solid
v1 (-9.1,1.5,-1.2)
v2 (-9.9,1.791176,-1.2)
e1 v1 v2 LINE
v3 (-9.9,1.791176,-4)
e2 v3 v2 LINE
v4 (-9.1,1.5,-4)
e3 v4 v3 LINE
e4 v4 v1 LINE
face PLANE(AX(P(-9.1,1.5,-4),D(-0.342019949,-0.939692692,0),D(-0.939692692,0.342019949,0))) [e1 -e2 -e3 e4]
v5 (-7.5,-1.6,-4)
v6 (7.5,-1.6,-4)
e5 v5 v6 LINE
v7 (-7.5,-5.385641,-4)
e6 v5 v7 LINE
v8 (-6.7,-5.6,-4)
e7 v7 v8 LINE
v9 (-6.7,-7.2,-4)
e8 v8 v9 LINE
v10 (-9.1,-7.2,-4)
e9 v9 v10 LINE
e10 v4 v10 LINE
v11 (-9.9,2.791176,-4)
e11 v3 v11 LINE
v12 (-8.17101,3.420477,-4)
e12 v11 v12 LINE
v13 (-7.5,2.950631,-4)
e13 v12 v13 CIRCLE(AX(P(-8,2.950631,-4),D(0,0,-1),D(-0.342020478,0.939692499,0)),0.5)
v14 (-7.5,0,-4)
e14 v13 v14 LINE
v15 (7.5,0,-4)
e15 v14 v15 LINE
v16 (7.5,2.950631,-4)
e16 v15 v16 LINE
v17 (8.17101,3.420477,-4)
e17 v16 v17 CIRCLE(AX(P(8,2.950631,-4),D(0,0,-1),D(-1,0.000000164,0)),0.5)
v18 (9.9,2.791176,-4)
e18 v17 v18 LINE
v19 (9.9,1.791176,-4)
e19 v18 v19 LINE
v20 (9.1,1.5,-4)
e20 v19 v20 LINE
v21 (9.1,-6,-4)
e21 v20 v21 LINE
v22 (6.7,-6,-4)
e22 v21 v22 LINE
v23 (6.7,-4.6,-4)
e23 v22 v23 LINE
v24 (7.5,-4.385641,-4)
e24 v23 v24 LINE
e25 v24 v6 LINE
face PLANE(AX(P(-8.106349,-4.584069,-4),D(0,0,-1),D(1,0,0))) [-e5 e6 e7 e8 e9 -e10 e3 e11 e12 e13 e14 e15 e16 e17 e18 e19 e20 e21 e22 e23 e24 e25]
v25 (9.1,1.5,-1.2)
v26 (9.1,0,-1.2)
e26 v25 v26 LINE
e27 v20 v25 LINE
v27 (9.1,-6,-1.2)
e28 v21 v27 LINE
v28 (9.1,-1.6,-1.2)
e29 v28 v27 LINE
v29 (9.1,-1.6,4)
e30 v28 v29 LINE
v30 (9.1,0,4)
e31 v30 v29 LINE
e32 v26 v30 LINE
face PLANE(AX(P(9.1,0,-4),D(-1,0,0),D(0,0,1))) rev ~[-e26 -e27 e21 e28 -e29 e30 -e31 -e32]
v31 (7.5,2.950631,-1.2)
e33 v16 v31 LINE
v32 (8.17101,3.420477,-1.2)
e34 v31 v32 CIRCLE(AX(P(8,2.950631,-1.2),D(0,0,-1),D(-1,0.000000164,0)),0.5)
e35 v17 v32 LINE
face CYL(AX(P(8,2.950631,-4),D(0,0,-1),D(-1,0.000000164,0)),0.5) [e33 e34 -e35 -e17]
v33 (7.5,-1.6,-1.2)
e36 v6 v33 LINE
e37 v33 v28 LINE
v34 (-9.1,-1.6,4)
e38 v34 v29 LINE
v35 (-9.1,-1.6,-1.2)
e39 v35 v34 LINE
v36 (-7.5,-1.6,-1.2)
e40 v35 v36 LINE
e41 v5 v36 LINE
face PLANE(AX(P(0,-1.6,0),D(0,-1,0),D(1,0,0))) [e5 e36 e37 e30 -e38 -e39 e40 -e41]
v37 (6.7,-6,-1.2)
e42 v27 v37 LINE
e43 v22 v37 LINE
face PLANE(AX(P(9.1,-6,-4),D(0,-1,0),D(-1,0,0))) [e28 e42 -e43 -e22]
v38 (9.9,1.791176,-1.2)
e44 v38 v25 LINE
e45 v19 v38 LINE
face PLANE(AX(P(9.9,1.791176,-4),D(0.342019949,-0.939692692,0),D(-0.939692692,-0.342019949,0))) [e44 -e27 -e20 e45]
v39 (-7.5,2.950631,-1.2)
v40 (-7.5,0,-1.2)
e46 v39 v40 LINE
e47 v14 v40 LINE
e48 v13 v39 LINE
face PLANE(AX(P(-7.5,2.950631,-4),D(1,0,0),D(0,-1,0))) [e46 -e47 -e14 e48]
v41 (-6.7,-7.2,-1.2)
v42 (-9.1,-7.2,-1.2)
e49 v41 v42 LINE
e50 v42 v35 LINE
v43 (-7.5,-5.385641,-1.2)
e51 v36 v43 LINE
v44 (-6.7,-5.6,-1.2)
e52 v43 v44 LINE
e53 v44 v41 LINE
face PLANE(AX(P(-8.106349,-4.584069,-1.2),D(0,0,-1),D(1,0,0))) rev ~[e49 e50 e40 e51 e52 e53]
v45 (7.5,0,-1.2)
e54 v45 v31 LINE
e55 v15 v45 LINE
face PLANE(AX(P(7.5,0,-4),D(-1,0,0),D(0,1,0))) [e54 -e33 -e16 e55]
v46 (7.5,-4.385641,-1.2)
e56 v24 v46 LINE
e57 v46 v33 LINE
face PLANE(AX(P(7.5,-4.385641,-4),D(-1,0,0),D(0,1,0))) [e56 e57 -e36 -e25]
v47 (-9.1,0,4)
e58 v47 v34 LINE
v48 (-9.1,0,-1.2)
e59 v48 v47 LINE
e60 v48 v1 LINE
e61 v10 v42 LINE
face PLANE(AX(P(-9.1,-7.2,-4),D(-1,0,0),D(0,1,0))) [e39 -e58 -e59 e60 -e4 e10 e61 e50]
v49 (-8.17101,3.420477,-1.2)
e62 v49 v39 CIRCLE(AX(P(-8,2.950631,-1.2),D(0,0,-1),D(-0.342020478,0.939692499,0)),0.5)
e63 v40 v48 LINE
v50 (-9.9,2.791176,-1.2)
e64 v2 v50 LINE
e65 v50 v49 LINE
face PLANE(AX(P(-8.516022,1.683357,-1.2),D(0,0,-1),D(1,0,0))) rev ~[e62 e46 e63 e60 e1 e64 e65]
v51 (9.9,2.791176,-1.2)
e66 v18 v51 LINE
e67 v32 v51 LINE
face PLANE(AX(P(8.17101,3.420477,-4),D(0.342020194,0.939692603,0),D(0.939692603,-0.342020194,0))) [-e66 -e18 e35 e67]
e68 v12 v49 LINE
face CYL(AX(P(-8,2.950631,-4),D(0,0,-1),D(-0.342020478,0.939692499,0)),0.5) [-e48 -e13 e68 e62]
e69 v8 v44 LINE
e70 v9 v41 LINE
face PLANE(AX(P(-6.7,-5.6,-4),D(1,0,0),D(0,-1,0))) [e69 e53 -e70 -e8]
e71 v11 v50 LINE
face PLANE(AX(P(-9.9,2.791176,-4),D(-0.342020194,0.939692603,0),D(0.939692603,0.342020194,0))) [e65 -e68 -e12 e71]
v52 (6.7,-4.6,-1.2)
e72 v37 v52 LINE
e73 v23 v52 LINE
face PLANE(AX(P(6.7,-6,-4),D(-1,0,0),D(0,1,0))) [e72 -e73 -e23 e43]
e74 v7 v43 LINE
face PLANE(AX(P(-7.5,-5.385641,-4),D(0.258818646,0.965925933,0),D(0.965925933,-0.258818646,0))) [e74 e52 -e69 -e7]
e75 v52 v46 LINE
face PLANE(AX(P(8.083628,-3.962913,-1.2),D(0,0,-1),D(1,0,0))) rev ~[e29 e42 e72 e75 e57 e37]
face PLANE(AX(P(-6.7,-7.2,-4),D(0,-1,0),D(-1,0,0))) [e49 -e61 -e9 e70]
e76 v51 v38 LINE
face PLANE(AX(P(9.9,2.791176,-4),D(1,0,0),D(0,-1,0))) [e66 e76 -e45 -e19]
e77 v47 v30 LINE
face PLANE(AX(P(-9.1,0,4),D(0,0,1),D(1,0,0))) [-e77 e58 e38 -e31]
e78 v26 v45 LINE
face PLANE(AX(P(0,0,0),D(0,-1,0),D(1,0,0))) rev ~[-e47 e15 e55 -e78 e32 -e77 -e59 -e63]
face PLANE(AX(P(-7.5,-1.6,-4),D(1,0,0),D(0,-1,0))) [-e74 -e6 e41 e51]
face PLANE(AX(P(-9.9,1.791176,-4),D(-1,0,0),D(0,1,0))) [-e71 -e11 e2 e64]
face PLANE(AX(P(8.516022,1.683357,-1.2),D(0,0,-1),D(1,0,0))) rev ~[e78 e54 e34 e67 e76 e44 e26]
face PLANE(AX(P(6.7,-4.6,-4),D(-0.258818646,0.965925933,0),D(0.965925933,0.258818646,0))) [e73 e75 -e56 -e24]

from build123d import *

# Parameters (mm, degrees)
F0_W     = 18.2
F0_H     = 8
F1_DEPTH = 1.6
F3_DEPTH = 2.8


with BuildPart() as f1:
    # F0 (on Front) → F1 (new body)
    with BuildSketch(Plane.XZ):
        Rectangle(F0_W, F0_H)
    extrude(amount=F1_DEPTH)

    # F2 (on face) → F3 (join)
    with BuildSketch(Plane(origin=(0, 0, -4), x_dir=(1, 0, 0), z_dir=(0, 0, -1))):
        Polygon((-9.1, 7.2), (-9.1, 1.6), (-7.5, 1.6), (-7.5, 5.385641), (-6.7, 5.6), (-6.7, 7.2), align=None)
        Polygon((7.5, 4.385641), (7.5, 1.6), (9.1, 1.6), (9.1, 6), (6.7, 6), (6.7, 4.6), align=None)
        with BuildLine():
            Line((-7.5, 0), (-9.1, 0))
            Line((-9.1, 0), (-9.1, -1.5))
            Line((-9.1, -1.5), (-9.9, -1.791176))
            Line((-9.9, -1.791176), (-9.9, -2.791176))
            Line((-9.9, -2.791176), (-8.17101, -3.420477))
            ThreePointArc((-8.17101, -3.420477), (-7.713212, -3.360207), (-7.5, -2.950631))
            Line((-7.5, -2.950631), (-7.5, 0))
        make_face()
        with BuildLine():
            Line((9.1, 0), (7.5, 0))
            Line((7.5, 0), (7.5, -2.950631))
            ThreePointArc((7.5, -2.950631), (7.713212, -3.360207), (8.17101, -3.420477))
            Line((8.17101, -3.420477), (9.9, -2.791176))
            Line((9.9, -2.791176), (9.9, -1.791176))
            Line((9.9, -1.791176), (9.1, -1.5))
            Line((9.1, -1.5), (9.1, 0))
        make_face()
    extrude(amount=-F3_DEPTH)


solid = f1.part
